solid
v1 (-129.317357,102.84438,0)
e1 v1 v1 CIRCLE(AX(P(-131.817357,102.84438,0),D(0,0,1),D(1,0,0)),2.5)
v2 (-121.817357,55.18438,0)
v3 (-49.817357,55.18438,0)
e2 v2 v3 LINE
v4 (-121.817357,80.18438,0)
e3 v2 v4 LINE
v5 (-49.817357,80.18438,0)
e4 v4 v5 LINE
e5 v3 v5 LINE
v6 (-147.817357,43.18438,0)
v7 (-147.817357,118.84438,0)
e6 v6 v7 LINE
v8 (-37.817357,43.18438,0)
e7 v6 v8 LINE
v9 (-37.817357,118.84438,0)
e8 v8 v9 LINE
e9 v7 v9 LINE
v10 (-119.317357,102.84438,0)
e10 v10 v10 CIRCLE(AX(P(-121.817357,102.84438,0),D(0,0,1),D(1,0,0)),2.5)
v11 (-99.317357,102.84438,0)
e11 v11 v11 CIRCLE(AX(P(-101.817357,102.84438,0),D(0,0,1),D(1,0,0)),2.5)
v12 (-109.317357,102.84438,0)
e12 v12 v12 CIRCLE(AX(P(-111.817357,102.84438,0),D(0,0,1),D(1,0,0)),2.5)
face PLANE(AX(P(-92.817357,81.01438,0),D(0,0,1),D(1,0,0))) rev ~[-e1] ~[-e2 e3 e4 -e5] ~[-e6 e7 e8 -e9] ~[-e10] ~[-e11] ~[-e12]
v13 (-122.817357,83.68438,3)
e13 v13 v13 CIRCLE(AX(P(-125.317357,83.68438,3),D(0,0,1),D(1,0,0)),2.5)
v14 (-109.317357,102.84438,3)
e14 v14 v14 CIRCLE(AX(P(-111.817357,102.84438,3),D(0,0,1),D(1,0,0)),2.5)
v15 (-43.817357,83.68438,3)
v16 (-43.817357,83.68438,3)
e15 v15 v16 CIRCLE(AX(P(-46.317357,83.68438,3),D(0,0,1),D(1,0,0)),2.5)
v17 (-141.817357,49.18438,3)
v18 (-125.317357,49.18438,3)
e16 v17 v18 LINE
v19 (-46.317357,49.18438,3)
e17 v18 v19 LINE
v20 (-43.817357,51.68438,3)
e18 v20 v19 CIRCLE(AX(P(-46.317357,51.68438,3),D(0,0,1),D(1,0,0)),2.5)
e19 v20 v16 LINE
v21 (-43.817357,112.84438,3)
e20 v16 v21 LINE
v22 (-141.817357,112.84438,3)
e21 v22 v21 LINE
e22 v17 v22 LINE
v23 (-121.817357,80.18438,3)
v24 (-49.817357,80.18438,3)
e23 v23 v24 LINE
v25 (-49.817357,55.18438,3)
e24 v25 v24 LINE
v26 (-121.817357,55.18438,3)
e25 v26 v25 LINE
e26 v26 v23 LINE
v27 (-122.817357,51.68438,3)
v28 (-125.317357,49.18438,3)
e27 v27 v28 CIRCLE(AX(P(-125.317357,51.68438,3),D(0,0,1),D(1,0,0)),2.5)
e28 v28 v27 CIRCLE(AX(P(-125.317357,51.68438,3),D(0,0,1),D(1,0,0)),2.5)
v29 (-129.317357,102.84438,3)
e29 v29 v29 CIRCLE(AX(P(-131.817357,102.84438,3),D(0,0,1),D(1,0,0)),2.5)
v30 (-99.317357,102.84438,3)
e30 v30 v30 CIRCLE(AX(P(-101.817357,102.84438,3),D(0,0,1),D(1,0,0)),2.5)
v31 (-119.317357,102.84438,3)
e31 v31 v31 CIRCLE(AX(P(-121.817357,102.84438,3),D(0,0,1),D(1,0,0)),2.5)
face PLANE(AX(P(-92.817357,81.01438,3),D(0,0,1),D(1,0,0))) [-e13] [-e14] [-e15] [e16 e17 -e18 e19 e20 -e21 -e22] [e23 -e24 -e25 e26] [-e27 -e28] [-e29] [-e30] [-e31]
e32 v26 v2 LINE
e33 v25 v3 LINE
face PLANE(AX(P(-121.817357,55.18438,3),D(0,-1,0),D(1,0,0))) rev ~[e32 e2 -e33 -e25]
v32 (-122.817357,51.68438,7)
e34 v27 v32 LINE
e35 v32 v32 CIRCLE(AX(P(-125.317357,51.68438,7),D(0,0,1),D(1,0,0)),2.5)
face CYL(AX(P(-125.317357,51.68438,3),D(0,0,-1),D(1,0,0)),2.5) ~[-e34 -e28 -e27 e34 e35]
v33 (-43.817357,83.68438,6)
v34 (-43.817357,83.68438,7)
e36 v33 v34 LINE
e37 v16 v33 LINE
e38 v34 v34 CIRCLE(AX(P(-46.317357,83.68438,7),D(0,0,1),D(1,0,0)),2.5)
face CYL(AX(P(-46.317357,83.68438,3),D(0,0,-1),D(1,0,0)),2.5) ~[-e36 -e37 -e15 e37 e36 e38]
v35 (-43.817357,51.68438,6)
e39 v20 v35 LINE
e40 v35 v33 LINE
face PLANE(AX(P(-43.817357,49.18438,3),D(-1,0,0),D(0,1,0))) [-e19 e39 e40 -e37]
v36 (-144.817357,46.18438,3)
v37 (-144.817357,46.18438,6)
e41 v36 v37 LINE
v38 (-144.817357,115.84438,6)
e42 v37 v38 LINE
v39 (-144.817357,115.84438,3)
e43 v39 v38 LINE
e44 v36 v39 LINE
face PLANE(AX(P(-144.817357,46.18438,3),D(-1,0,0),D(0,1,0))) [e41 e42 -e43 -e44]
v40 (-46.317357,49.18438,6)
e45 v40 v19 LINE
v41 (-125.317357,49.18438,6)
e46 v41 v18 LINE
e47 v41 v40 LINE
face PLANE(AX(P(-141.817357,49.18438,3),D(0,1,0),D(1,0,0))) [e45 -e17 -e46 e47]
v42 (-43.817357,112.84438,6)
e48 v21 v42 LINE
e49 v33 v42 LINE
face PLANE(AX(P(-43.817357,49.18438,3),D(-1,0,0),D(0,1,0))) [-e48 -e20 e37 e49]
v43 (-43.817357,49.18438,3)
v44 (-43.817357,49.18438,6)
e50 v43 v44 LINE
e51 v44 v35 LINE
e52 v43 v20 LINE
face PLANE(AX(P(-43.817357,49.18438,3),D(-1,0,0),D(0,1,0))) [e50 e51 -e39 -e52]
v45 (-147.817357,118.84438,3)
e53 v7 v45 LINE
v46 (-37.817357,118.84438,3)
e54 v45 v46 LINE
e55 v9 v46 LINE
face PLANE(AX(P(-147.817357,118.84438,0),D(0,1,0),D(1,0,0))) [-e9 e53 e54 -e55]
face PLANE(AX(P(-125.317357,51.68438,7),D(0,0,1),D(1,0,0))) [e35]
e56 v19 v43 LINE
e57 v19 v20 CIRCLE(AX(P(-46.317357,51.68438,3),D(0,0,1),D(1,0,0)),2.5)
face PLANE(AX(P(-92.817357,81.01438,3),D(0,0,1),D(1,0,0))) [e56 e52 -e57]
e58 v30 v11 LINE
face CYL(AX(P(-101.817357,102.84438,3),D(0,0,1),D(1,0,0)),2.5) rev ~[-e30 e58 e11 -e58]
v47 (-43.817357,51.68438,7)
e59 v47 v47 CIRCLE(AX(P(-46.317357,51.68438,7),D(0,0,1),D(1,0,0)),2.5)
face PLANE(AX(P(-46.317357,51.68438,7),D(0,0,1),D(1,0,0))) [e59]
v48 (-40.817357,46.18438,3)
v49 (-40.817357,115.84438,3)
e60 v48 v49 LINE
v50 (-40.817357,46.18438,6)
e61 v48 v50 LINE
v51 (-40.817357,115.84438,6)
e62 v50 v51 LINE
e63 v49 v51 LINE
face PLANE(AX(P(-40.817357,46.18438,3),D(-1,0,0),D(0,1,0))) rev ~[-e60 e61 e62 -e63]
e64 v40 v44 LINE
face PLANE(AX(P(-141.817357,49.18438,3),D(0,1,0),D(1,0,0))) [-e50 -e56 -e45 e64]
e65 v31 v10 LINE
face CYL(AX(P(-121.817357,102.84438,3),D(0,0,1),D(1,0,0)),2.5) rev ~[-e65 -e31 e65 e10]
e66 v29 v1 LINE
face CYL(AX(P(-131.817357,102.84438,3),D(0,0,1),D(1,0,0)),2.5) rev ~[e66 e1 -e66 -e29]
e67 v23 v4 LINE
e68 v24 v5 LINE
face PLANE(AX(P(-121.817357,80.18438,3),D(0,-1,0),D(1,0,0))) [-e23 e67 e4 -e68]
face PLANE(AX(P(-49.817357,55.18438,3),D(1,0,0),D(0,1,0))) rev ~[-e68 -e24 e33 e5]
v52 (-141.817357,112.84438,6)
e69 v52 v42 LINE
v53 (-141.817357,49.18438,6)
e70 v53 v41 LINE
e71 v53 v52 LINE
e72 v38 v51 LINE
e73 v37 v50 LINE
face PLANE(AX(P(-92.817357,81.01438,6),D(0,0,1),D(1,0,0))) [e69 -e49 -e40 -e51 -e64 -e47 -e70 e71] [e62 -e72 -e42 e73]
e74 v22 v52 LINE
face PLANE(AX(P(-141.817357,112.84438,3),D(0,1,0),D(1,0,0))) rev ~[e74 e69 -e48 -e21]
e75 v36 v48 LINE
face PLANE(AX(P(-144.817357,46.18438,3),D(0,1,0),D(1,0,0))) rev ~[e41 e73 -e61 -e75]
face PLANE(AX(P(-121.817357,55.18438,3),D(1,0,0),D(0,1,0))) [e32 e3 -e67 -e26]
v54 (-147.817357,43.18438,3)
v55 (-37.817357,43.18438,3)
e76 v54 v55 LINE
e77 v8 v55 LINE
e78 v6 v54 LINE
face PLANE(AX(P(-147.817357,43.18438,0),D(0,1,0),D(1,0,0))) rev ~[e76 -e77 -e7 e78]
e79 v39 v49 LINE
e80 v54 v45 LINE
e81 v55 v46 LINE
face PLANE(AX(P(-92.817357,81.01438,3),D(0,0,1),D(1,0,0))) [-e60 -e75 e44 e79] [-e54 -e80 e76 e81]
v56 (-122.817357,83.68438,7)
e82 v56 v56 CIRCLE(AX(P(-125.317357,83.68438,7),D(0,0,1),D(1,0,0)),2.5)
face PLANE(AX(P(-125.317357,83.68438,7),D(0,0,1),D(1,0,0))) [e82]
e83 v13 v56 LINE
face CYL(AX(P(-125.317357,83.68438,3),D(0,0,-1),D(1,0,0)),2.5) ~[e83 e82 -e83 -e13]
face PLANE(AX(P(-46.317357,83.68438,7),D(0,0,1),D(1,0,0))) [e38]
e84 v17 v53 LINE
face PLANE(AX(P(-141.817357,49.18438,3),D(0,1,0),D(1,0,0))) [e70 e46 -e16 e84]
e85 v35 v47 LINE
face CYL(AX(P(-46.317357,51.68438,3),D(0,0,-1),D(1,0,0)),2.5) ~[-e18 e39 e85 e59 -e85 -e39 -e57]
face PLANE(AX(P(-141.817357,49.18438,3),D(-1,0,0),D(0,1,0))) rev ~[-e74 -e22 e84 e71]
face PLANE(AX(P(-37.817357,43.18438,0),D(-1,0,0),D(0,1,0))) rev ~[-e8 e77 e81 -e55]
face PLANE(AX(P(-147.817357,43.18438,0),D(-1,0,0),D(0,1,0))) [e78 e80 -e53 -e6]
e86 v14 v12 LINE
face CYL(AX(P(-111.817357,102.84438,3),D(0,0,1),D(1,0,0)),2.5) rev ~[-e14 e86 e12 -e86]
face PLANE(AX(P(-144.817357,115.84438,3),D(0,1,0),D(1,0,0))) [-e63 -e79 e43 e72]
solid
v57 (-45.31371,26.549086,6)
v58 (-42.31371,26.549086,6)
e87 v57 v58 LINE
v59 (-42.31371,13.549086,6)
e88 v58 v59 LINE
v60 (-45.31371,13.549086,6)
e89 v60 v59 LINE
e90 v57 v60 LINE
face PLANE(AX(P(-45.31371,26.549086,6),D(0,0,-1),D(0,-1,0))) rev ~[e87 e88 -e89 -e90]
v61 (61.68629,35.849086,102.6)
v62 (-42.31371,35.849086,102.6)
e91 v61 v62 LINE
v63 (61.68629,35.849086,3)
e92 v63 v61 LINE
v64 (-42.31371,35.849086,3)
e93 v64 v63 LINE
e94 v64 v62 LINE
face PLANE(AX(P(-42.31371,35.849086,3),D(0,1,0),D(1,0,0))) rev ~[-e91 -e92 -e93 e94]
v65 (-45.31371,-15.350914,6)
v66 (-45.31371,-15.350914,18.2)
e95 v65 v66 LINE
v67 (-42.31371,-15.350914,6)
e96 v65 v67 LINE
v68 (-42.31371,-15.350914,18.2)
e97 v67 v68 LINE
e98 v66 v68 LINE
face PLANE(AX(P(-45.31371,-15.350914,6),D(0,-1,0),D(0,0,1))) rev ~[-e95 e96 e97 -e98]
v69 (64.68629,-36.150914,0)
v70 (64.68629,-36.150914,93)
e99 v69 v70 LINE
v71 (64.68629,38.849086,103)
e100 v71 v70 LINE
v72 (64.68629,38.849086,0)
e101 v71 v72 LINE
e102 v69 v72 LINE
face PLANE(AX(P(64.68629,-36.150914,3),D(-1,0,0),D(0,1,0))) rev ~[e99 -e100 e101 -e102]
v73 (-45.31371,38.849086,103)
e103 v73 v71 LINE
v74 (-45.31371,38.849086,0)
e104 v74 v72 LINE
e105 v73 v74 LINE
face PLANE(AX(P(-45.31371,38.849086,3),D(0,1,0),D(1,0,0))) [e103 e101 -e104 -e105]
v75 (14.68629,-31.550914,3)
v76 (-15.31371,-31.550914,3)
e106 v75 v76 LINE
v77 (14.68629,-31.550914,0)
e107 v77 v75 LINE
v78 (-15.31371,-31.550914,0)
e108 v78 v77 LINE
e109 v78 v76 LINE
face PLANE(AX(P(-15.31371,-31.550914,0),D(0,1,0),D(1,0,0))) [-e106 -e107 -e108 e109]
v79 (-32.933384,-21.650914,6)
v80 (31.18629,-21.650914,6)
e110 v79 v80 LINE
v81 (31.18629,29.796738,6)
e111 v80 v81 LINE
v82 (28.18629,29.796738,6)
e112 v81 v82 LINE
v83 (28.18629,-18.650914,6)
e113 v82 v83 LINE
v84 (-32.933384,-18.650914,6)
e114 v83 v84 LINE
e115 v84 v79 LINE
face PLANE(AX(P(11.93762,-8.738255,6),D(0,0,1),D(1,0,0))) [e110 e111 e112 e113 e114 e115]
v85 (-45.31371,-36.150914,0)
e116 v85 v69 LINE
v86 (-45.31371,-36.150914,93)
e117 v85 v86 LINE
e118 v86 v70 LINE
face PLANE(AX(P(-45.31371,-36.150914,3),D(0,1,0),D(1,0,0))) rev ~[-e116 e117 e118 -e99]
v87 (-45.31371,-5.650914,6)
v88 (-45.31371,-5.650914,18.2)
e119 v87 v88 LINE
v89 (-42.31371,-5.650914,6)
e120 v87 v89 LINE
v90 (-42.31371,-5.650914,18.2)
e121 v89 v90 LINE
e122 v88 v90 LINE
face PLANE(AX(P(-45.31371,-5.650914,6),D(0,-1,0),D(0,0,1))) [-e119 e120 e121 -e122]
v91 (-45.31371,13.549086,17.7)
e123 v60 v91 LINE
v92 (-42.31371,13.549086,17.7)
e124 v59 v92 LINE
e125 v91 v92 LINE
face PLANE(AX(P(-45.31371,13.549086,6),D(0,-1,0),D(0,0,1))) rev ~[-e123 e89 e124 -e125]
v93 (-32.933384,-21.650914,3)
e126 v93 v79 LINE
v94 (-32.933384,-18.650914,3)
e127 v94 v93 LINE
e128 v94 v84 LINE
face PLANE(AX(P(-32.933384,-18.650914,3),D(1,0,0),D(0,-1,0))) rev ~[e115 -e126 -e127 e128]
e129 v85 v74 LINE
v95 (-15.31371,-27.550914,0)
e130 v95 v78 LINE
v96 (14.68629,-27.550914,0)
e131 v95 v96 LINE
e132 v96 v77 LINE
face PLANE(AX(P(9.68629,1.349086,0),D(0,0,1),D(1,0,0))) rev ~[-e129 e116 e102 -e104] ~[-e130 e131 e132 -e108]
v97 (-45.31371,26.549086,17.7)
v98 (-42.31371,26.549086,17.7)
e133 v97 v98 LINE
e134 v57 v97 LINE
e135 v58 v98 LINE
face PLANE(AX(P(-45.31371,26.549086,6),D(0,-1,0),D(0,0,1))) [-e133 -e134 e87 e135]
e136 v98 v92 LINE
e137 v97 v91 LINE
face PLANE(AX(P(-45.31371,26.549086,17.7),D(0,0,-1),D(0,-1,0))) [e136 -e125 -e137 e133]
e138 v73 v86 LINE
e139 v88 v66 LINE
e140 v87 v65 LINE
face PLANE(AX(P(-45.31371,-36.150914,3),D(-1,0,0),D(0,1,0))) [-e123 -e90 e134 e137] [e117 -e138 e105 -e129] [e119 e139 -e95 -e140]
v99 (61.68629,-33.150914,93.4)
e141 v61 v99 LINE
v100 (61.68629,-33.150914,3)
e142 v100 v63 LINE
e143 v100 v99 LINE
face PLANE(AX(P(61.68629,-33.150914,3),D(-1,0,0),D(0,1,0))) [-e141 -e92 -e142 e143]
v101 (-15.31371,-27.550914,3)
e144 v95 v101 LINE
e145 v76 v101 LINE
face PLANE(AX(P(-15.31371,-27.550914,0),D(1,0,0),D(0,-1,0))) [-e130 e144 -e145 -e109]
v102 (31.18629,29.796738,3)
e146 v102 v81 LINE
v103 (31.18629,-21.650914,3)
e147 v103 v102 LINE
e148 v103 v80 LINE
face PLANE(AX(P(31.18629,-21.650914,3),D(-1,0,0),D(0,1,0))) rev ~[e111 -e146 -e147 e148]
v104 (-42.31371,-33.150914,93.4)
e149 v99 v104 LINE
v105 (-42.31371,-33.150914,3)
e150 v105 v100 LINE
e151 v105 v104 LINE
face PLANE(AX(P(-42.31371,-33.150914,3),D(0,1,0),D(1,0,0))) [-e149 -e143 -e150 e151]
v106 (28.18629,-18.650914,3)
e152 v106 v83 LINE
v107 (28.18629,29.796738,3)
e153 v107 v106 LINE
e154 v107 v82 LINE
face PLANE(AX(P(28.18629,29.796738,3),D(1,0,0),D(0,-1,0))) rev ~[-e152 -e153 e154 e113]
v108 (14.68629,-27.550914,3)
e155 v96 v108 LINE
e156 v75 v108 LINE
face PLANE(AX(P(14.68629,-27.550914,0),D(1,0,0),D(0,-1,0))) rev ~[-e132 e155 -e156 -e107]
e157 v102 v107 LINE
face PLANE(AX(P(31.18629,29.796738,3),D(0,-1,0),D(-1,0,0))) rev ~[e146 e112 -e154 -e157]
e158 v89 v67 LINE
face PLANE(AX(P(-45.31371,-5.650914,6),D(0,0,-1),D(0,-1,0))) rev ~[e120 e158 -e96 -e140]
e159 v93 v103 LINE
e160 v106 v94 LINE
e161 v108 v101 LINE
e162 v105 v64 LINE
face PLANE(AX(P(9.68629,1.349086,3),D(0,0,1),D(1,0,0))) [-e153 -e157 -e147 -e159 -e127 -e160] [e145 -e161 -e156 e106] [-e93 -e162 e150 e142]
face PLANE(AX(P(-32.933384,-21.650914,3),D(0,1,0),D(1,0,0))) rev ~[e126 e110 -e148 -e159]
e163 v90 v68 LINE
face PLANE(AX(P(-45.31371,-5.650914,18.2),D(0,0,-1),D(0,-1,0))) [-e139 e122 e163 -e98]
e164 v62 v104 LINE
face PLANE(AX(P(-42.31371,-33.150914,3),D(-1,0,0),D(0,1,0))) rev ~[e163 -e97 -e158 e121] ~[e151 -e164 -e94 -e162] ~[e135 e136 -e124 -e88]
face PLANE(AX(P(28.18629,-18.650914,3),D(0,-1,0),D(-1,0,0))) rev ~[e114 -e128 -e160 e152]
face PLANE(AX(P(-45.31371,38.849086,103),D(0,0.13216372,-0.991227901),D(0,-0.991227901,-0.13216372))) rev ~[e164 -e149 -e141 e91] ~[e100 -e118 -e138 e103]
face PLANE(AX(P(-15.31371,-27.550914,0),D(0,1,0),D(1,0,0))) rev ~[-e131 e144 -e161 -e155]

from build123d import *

# Parameters (mm, degrees)
SKETCH_W        = 110
SKETCH_H        = 75
PAD_DEPTH       = 3
SKETCH001_W     = 110
SKETCH001_H     = 75
SKETCH001_W_2   = 104
SKETCH001_H_2   = 69
PAD001_DEPTH    = 100
POCKET_DEPTH    = 120
SKETCH003_W     = 13
SKETCH003_H     = 11.7
POCKET001_DEPTH = 5
SKETCH004_W     = 9.7
SKETCH004_H     = 12.2
POCKET002_DEPTH = 5
SKETCH005_W     = 30
SKETCH005_H     = 4
POCKET003_DEPTH = 5
PAD002_DEPTH    = 3
SKETCH007_W     = 110
SKETCH007_H     = 75.66
PAD003_DEPTH    = 3
SKETCH009_W     = 104
SKETCH009_H     = 69.66
SKETCH009_W_2   = 98
SKETCH009_H_2   = 63.66
PAD004_DEPTH    = 3
SKETCH010_W     = 72
SKETCH010_H     = 25
POCKET004_DEPTH = 5
SKETCH011_R     = 2.5
POCKET005_DEPTH = 5
SKETCH012_R     = 2.5
PAD005_DEPTH    = 4


with BuildPart() as box:
    # Sketch → Pad (new body)
    with BuildSketch(Plane.XY):
        with Locations((9.68629, 1.349086)):
            Rectangle(SKETCH_W, SKETCH_H)
    extrude(amount=PAD_DEPTH)

    # Sketch001 (on Face6 of Pad) → Pad001 (join)
    with BuildSketch(Plane.XY.offset(3)):
        with Locations((9.68629, 1.349086)):
            Rectangle(SKETCH001_W, SKETCH001_H)
        with Locations((9.68629, 1.349086)):
            Rectangle(SKETCH001_W_2, SKETCH001_H_2, mode=Mode.SUBTRACT)
    extrude(amount=PAD001_DEPTH)

    # Sketch002 (on Face7 of Pad001) → Pocket (cut)
    with BuildSketch(Plane(origin=(-45.31371, 0, 0), x_dir=(0, -1, 0), z_dir=(-1, 0, 0))):
        Polygon((-38.849086, 103), (36.150914, 93), (36.150914, 103), align=None)
    extrude(amount=-POCKET_DEPTH, mode=Mode.SUBTRACT)

    # Sketch003 (on Face7 of Pocket) → Pocket001 (cut)
    with BuildSketch(Plane(origin=(-45.31371, 0, 0), x_dir=(0, -1, 0), z_dir=(-1, 0, 0))):
        with Locations((-20.049086, 11.85)):
            Rectangle(SKETCH003_W, SKETCH003_H)
    extrude(amount=-POCKET001_DEPTH, mode=Mode.SUBTRACT)

    # Sketch004 (on Face7 of Pocket001) → Pocket002 (cut)
    with BuildSketch(Plane(origin=(-45.31371, 0, 0), x_dir=(0, -1, 0), z_dir=(-1, 0, 0))):
        with Locations((10.500914, 12.1)):
            Rectangle(SKETCH004_W, SKETCH004_H)
    extrude(amount=-POCKET002_DEPTH, mode=Mode.SUBTRACT)

    # Sketch005 (on Face4 of Pocket002) → Pocket003 (cut)
    with BuildSketch(Plane(origin=(0, 0, 0), x_dir=(1, 0, 0), z_dir=(0, 0, -1))):
        with Locations((-0.31371, 29.550914)):
            Rectangle(SKETCH005_W, SKETCH005_H)
    extrude(amount=-POCKET003_DEPTH, mode=Mode.SUBTRACT)

    # Sketch006 (on Face23 of Pocket003) → Pad002 (join)
    with BuildSketch(Plane.XY.offset(3)):
        Polygon((-32.933384, -21.650914), (31.18629, -21.650914), (31.18629, 29.796738), (28.18629, 29.796738), (28.18629, -18.650914), (-32.933384, -18.650914), align=None)
    extrude(amount=PAD002_DEPTH)


with BuildPart() as lid:
    # Sketch007 → Pad003 (new body)
    with BuildSketch(Plane.XY):
        with Locations((-92.817357, 81.01438)):
            Rectangle(SKETCH007_W, SKETCH007_H)
    extrude(amount=PAD003_DEPTH)

    # Sketch009 (on Face6 of Pad003) → Pad004 (join)
    with BuildSketch(Plane.XY.offset(3)):
        with Locations((-92.817357, 81.01438)):
            Rectangle(SKETCH009_W, SKETCH009_H)
        with Locations((-92.817357, 81.01438)):
            Rectangle(SKETCH009_W_2, SKETCH009_H_2, mode=Mode.SUBTRACT)
    extrude(amount=PAD004_DEPTH)

    # Sketch010 (on Face16 of Pad004) → Pocket004 (cut)
    with BuildSketch(Plane.XY.offset(3)):
        with Locations((-85.817357, 67.68438)):
            Rectangle(SKETCH010_W, SKETCH010_H)
    extrude(amount=-POCKET004_DEPTH, mode=Mode.SUBTRACT)

    # Sketch011 (on Face15 of Pocket004) → Pocket005 (cut)
    with BuildSketch(Plane.XY.offset(3)):
        with Locations((-131.817357, 102.84438)):
            Circle(SKETCH011_R)
        with Locations((-121.817357, 102.84438)):
            Circle(SKETCH011_R)
        with Locations((-111.817357, 102.84438)):
            Circle(SKETCH011_R)
        with Locations((-101.817357, 102.84438)):
            Circle(SKETCH011_R)
    extrude(amount=-POCKET005_DEPTH, mode=Mode.SUBTRACT)

    # Sketch012 (on Face19 of Pocket005) → Pad005 (join)
    with BuildSketch(Plane.XY.offset(3)):
        with Locations((-125.317357, 83.68438)):
            Circle(SKETCH012_R)
        with Locations((-46.317357, 83.68438)):
            Circle(SKETCH012_R)
        with Locations((-46.317357, 51.68438)):
            Circle(SKETCH012_R)
        with Locations((-125.317357, 51.68438)):
            Circle(SKETCH012_R)
    extrude(amount=PAD005_DEPTH)


solid = Compound([box.part, lid.part])
